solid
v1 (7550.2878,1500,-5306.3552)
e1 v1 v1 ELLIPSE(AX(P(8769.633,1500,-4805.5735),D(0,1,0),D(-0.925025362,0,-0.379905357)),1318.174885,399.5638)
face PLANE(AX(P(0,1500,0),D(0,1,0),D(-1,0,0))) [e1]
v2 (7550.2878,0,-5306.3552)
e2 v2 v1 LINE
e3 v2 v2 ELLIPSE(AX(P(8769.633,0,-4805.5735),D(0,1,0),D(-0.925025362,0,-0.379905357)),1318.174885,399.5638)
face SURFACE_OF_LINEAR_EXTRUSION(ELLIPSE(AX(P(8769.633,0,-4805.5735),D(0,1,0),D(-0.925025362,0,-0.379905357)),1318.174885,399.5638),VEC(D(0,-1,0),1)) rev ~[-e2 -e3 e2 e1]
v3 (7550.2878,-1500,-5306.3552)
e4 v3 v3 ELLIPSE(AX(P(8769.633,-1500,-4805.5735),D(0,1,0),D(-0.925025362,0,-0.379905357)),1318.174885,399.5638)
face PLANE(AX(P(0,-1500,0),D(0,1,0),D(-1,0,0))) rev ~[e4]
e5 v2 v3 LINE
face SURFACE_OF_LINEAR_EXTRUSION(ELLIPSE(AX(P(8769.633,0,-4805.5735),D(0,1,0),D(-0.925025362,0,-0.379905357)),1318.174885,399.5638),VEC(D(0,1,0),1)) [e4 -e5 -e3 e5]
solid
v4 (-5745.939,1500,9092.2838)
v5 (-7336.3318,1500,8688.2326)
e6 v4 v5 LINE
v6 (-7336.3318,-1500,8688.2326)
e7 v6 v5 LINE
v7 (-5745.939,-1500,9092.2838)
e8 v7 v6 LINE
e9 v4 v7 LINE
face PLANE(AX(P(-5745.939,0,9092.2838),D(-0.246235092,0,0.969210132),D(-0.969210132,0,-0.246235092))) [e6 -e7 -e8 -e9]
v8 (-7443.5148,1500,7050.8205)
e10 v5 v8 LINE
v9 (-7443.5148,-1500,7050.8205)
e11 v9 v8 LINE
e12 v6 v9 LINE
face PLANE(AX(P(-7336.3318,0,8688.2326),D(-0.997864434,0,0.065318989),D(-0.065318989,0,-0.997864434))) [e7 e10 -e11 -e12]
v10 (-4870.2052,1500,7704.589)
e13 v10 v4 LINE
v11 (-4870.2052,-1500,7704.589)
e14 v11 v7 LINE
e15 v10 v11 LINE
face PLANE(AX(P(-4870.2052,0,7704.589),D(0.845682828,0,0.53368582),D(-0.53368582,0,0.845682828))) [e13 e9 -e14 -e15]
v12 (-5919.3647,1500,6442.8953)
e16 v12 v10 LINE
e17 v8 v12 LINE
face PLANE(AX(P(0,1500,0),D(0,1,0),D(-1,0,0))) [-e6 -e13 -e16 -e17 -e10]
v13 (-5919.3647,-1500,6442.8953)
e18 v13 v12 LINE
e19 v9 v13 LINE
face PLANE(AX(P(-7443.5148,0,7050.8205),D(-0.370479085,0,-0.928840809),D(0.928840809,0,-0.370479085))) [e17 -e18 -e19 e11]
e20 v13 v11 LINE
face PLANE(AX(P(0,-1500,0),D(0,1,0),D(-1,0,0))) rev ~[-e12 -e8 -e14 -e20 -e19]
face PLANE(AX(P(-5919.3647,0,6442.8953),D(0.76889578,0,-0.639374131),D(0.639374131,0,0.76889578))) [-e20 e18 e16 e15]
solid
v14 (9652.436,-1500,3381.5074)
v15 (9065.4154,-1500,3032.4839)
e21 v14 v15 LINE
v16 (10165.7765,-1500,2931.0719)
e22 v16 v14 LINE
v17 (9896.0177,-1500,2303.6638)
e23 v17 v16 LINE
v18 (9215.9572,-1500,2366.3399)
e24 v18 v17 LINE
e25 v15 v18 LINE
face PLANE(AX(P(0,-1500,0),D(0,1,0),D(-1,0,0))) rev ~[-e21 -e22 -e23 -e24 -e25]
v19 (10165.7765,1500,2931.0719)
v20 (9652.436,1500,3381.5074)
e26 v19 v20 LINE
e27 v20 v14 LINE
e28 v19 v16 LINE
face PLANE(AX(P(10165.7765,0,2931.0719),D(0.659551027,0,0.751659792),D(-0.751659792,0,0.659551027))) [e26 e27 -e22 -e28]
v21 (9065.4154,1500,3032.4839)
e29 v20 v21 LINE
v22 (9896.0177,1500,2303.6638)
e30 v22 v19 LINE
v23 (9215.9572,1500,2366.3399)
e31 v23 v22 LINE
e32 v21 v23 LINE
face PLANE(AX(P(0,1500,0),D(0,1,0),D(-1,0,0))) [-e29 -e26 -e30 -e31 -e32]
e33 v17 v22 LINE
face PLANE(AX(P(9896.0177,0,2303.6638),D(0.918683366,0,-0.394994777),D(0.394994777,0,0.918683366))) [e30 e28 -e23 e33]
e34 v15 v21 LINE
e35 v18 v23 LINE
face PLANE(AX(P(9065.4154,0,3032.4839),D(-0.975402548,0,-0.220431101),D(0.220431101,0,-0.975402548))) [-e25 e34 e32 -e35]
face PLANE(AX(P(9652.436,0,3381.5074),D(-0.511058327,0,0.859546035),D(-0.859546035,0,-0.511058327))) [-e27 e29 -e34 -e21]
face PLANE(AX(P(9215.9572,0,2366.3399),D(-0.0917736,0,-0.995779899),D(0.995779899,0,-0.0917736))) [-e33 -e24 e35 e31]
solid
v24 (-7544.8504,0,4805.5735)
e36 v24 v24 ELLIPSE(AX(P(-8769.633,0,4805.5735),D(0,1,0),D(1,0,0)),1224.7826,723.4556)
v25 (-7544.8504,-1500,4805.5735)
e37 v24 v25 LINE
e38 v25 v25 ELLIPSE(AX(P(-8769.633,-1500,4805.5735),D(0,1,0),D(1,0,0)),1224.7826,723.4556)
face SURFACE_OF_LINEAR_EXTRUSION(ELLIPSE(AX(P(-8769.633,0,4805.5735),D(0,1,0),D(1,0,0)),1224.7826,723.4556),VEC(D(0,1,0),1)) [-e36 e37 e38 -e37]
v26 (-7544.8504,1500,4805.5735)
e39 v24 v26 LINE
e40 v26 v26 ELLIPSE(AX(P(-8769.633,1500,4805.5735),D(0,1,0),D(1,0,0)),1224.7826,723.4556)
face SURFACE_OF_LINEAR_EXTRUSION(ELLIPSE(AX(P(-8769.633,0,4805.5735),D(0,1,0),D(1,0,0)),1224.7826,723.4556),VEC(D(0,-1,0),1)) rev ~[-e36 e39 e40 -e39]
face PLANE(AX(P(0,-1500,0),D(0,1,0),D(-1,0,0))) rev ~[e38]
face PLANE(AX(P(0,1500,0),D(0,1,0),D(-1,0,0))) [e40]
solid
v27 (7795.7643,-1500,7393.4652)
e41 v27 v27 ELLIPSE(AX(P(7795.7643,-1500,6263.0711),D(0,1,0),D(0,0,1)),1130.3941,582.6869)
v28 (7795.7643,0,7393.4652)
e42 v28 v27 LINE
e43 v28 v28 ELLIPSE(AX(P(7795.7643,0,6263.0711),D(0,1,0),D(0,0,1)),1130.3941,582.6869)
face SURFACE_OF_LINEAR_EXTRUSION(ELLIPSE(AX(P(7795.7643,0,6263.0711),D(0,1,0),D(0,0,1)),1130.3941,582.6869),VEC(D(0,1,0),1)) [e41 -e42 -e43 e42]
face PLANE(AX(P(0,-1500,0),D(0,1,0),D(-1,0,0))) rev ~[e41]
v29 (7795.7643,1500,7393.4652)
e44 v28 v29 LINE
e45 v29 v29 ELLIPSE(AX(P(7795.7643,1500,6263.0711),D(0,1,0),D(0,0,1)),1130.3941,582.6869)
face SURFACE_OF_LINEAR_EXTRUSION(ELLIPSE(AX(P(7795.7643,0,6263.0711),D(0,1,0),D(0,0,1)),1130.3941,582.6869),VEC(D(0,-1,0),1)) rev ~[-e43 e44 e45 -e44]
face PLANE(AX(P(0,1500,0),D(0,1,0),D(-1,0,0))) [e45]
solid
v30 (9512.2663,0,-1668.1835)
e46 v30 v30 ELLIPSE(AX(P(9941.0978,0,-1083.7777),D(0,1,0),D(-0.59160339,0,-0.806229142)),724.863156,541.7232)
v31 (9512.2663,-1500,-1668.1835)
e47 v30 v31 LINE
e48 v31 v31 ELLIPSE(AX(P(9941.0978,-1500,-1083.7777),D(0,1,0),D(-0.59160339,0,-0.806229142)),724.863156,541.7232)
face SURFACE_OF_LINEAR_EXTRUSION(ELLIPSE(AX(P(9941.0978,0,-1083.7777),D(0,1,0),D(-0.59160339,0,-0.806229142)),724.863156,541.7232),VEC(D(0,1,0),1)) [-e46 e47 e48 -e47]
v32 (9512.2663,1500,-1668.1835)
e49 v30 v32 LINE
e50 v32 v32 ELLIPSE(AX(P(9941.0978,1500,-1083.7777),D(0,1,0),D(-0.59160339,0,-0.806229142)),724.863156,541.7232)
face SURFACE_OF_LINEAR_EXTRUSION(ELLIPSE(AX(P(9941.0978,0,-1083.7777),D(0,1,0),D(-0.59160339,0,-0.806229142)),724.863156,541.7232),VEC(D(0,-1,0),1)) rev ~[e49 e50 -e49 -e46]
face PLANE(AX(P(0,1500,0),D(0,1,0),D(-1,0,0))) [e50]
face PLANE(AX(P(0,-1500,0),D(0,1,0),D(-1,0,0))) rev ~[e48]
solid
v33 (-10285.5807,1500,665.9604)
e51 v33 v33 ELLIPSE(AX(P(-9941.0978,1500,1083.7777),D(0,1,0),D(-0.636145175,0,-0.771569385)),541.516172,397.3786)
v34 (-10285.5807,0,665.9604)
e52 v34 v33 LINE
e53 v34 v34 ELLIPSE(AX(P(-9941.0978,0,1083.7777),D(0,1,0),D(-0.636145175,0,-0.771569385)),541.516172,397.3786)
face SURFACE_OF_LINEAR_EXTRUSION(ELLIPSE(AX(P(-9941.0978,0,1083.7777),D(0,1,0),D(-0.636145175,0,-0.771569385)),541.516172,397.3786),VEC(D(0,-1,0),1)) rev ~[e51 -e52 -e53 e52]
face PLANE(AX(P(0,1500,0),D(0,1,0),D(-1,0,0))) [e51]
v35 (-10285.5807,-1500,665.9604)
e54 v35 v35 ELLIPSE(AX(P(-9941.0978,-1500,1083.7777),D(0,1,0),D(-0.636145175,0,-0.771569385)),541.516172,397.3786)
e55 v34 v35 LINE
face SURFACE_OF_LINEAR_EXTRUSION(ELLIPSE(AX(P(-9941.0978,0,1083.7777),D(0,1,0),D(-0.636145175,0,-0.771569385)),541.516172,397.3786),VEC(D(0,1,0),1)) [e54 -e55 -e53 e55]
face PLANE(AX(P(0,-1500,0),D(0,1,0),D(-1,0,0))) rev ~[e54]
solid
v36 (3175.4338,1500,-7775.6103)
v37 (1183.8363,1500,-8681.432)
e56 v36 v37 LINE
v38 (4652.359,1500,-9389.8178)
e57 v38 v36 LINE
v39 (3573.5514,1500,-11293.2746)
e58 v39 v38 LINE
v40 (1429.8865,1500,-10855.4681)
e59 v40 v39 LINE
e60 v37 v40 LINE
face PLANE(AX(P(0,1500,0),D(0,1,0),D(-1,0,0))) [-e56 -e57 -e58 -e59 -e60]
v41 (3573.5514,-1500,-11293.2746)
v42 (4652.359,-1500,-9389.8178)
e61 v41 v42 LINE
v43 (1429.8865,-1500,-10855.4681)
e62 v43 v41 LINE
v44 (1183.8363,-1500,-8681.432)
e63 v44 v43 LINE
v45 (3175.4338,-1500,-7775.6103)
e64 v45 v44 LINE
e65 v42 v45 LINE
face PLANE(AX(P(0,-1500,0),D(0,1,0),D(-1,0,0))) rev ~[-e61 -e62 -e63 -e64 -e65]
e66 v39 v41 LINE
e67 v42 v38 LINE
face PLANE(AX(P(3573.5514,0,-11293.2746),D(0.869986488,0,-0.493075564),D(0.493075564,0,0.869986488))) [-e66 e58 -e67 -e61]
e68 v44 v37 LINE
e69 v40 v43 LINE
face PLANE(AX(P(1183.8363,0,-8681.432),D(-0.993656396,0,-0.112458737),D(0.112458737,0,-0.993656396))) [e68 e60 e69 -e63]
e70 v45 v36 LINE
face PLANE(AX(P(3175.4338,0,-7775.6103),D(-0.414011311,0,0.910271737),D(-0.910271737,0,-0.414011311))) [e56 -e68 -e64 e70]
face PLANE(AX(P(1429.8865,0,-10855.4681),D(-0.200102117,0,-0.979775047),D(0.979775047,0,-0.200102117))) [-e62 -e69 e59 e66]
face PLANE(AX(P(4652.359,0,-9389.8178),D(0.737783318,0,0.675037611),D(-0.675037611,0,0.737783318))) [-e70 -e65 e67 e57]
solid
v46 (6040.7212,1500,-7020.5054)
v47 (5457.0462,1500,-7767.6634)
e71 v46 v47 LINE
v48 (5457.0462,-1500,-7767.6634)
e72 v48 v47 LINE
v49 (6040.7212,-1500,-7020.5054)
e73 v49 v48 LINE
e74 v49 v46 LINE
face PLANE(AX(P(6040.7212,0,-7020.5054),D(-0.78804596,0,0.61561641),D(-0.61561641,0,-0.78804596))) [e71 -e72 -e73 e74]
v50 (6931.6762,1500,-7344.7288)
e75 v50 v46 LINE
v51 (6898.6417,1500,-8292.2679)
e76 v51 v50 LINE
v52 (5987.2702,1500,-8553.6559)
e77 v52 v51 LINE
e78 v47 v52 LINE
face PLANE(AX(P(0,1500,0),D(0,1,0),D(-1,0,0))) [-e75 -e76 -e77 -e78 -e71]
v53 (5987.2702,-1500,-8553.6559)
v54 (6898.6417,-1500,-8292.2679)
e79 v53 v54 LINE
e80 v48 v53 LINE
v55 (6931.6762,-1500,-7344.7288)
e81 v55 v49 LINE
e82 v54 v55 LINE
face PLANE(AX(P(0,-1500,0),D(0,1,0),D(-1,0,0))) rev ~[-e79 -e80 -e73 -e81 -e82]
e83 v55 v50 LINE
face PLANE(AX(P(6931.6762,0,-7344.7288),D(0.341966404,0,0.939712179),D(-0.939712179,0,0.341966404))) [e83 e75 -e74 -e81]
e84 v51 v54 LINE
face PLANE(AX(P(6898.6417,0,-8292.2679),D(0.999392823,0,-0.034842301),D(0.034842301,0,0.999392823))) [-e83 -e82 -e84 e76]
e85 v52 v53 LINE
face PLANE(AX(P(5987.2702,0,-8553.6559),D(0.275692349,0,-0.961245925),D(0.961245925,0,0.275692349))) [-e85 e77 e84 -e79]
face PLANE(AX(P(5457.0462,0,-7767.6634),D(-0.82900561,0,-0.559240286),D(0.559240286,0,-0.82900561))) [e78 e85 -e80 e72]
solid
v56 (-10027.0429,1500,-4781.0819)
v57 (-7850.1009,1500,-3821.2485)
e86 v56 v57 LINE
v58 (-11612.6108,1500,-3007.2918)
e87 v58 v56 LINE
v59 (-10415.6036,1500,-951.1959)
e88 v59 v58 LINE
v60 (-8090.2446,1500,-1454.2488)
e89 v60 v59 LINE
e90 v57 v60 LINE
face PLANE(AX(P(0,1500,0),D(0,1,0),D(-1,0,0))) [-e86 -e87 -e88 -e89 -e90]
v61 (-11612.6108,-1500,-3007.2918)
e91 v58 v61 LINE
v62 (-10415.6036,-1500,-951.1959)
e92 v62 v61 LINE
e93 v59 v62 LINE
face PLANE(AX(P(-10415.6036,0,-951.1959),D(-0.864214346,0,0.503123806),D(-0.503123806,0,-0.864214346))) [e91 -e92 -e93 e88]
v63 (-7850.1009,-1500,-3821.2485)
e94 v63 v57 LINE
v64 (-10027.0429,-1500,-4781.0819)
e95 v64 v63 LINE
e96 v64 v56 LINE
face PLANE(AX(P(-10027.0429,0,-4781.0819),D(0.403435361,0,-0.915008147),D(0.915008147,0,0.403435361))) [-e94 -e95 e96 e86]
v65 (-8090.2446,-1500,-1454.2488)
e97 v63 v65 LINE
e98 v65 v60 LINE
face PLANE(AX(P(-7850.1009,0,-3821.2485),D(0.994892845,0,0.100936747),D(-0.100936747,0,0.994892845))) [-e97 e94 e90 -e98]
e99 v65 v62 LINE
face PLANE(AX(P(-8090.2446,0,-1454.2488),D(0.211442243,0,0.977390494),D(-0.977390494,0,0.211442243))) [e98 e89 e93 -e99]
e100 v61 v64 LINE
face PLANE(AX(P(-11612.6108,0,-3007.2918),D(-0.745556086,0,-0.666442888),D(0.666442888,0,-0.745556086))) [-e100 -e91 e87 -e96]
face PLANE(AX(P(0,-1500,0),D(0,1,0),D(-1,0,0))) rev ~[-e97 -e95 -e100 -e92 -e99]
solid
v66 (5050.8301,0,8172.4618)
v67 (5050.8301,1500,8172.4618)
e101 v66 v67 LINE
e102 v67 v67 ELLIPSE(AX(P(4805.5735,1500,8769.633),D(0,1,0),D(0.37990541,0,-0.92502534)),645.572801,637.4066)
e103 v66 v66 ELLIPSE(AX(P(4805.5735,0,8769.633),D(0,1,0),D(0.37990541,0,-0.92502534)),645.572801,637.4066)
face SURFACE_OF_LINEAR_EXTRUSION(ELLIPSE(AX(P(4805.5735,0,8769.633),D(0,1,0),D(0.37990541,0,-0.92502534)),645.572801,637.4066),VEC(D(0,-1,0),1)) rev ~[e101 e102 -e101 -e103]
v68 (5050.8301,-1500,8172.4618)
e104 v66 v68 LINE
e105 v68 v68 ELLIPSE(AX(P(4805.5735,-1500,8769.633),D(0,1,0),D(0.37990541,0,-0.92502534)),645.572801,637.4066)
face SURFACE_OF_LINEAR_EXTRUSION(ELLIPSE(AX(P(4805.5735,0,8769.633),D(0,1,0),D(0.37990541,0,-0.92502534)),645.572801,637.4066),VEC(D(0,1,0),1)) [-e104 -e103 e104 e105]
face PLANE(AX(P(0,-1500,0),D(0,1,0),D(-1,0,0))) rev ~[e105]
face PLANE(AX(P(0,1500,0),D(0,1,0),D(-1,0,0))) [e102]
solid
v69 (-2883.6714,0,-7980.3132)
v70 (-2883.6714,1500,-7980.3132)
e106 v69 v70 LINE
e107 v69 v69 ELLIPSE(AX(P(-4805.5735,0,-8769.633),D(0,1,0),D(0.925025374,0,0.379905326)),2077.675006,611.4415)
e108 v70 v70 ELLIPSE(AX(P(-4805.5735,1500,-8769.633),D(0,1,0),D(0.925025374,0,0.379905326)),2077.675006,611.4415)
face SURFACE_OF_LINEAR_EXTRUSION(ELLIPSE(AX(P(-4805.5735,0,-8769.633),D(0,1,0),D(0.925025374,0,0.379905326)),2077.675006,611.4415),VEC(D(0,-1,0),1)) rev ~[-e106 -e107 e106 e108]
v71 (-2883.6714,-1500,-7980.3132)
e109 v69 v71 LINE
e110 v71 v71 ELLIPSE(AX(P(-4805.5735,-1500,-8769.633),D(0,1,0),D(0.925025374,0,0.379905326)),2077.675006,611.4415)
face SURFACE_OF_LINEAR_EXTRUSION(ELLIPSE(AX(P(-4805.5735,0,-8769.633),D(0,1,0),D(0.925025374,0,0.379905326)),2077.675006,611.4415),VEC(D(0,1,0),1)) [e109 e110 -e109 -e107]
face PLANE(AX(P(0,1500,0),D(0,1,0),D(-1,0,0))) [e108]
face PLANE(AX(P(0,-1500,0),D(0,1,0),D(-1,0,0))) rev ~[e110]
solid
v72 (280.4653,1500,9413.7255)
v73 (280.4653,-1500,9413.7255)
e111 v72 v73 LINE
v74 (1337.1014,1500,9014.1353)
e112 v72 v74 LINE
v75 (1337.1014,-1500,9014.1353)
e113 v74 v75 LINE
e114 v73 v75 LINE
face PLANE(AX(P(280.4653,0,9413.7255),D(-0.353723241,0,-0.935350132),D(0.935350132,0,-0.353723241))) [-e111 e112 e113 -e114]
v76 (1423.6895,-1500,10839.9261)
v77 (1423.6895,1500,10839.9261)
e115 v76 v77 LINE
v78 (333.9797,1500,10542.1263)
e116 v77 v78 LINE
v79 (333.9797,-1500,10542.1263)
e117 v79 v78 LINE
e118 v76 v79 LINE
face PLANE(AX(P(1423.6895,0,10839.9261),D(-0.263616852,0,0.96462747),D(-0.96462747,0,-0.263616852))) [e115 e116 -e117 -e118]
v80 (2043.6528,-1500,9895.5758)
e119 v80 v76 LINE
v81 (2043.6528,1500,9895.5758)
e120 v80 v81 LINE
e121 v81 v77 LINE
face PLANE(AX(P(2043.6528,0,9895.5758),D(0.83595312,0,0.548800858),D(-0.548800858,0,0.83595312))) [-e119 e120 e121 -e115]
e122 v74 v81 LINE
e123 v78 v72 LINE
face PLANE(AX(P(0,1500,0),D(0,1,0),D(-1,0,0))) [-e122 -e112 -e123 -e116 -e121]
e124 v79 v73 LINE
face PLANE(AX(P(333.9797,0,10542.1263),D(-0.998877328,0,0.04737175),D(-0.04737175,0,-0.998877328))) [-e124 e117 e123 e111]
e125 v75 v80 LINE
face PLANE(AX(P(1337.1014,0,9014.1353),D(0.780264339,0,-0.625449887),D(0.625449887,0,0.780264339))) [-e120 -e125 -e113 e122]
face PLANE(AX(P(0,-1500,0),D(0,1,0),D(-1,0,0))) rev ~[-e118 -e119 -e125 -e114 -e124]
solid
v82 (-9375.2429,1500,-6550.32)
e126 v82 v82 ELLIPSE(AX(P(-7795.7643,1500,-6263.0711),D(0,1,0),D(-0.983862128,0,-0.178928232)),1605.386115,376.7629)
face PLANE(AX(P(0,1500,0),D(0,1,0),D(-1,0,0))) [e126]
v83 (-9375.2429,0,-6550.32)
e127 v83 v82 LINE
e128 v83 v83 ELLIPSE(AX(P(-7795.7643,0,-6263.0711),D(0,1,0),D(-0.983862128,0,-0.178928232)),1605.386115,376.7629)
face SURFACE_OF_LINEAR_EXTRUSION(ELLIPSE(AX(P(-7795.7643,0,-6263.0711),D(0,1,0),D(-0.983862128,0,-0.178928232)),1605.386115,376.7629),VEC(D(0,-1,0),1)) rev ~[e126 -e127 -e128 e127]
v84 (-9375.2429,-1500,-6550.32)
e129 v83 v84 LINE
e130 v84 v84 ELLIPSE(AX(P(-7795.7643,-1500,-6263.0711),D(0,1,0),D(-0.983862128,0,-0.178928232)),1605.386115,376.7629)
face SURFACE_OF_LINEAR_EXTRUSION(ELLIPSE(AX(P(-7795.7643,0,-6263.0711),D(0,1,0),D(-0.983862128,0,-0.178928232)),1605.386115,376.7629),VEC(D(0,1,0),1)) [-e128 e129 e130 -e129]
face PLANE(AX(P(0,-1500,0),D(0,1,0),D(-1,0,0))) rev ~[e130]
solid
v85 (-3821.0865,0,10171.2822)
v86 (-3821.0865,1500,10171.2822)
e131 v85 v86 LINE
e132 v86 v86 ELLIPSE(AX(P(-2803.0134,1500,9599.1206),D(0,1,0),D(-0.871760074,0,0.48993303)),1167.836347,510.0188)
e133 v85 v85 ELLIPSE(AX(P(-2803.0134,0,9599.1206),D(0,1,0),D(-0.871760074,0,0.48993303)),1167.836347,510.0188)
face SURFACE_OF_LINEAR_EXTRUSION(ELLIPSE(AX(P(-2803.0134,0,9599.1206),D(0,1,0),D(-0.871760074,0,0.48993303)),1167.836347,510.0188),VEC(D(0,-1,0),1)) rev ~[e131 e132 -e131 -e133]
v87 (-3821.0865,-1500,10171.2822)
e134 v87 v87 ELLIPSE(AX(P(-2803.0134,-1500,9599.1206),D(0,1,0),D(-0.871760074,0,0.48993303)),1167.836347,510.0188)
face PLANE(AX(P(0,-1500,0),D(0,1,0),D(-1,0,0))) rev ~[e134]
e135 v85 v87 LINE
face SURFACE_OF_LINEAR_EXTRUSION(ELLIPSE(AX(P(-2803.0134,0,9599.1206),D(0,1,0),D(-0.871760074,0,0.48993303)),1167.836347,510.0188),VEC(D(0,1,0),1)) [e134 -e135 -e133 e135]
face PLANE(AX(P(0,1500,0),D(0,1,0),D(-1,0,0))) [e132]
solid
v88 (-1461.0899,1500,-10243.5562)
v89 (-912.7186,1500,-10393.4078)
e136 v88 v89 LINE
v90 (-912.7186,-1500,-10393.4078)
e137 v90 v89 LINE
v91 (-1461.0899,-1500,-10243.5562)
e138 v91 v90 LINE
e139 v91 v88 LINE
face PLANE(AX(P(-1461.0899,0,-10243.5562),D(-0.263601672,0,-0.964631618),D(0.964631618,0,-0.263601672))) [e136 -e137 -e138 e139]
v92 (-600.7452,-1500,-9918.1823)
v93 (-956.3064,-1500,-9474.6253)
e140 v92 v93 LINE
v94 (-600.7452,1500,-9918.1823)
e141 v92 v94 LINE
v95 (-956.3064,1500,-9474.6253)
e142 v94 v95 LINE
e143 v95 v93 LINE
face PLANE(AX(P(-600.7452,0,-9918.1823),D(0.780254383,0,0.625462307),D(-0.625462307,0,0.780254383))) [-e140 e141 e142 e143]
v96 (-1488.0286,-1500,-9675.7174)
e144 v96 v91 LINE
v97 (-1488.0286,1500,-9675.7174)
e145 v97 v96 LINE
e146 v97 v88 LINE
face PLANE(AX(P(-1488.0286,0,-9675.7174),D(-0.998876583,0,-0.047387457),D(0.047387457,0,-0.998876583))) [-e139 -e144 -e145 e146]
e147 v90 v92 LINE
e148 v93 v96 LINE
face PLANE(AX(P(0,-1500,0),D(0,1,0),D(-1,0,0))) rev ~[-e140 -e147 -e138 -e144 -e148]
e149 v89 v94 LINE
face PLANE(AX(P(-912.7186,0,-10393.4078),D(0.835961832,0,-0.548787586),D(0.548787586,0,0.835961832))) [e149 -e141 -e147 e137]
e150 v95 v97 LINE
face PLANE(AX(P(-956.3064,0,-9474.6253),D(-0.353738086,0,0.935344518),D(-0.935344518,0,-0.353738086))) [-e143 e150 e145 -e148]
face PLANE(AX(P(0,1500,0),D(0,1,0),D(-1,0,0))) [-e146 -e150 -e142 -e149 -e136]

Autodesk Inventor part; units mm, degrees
ref_plane "YZ Plane" through (0, 0, 0) normal (1, 0, 0) x (0, 1, 0)
ref_plane "XZ Plane" through (0, 0, 0) normal (0, 1, 0) x (-1, 0, 0)
ref_plane "XY Plane" through (0, 0, 0) normal (0, 0, 1) x (1, 0, 0)
sketch "Sketch1" plane through (0, 0, 0) normal (0, 1, 0) x (-1, 0, 0)
  circle A0 centre (0, 0) radius 10000 construction
  circle A1 centre (0, 0) radius 10000 construction
  circle A2 centre (0, 0) radius 10000 construction
  circle A3 centre (0, 0) radius 10000 construction
  circle A4 centre (0, 0) radius 10000 construction
  circle A5 centre (0, 0) radius 10000 construction
  circle A6 centre (0, 0) radius 10000 construction
  circle A7 centre (0, 0) radius 10000 construction
  circle A8 centre (0, 0) radius 10000 construction
  circle A9 centre (0, 0) radius 10000 construction
  circle A10 centre (0, 0) radius 10000 construction
  circle A11 centre (0, 0) radius 10000 construction
  circle A12 centre (0, 0) radius 10000 construction
  circle A13 centre (0, 0) radius 10000 construction
  circle A14 centre (0, 0) radius 10000 construction
  circle A15 centre (0, 0) radius 10000 construction
  ellipse E0 centre (9941.0978, 1083.7777) end of major axis (10285.5807, 665.9604) minor radius 397.3786
  ellipse E1 centre (4805.5735, -8769.633) end of major axis (2883.6714, -7980.3132) minor radius 611.4415
  ellipse E2 centre (2803.0134, 9599.1206) end of major axis (3821.0865, 10171.2822) minor radius 510.0188
  ellipse E3 centre (-8769.633, -4805.5735) end of major axis (-7550.2878, -5306.3552) minor radius 399.5638
  ellipse E4 centre (-4805.5735, 8769.633) end of major axis (-5050.8301, 8172.4618) minor radius 637.4066
  ellipse E5 centre (-7795.7643, 6263.0711) end of major axis (-7213.0774, 6263.0711) minor radius 1130.3941
  ellipse E6 centre (8769.633, 4805.5735) end of major axis (7544.8504, 4805.5735) minor radius 723.4556
  ellipse E7 centre (7795.7643, -6263.0711) end of major axis (9375.2429, -6550.32) minor radius 376.7629
  line L0 (5919.3647, 6442.8953) -> (4870.2052, 7704.589)
  line L1 (4870.2052, 7704.589) -> (5745.939, 9092.2838)
  line L2 (5745.939, 9092.2838) -> (7336.3318, 8688.2326)
  line L3 (7336.3318, 8688.2326) -> (7443.5148, 7050.8205)
  line L4 (7443.5148, 7050.8205) -> (5919.3647, 6442.8953)
  line L5 (8090.2446, -1454.2488) -> (10415.6036, -951.1959)
  line L6 (10415.6036, -951.1959) -> (11612.6108, -3007.2918)
  line L7 (11612.6108, -3007.2918) -> (10027.0429, -4781.0819)
  line L8 (10027.0429, -4781.0819) -> (7850.1009, -3821.2485)
  line L9 (7850.1009, -3821.2485) -> (8090.2446, -1454.2488)
  line L10 (-1183.8363, -8681.432) -> (-1429.8865, -10855.4681)
  line L11 (-1429.8865, -10855.4681) -> (-3573.5514, -11293.2746)
  line L12 (-3573.5514, -11293.2746) -> (-4652.359, -9389.8178)
  line L13 (-4652.359, -9389.8178) -> (-3175.4338, -7775.6103)
  line L14 (-3175.4338, -7775.6103) -> (-1183.8363, -8681.432)
  line L15 (600.7452, -9918.1823) -> (956.3064, -9474.6253)
  line L16 (956.3064, -9474.6253) -> (1488.0286, -9675.7174)
  line L17 (1488.0286, -9675.7174) -> (1461.0899, -10243.5562)
  line L18 (1461.0899, -10243.5562) -> (912.7186, -10393.4078)
  line L19 (912.7186, -10393.4078) -> (600.7452, -9918.1823)
  line L20 (-5457.0462, -7767.6634) -> (-5987.2702, -8553.6559)
  line L21 (-5987.2702, -8553.6559) -> (-6898.6417, -8292.2679)
  line L22 (-6898.6417, -8292.2679) -> (-6931.6762, -7344.7288)
  line L23 (-6931.6762, -7344.7288) -> (-6040.7212, -7020.5054)
  line L24 (-6040.7212, -7020.5054) -> (-5457.0462, -7767.6634)
  line L25 (-9896.0177, 2303.6638) -> (-10165.7765, 2931.0719)
  line L26 (-10165.7765, 2931.0719) -> (-9652.436, 3381.5074)
  line L27 (-9652.436, 3381.5074) -> (-9065.4154, 3032.4839)
  line L28 (-9065.4154, 3032.4839) -> (-9215.9572, 2366.3399)
  line L29 (-9215.9572, 2366.3399) -> (-9896.0177, 2303.6638)
  line L30 (-333.9797, 10542.1263) -> (-280.4653, 9413.7255)
  line L31 (-280.4653, 9413.7255) -> (-1337.1014, 9014.1353)
  line L32 (-1337.1014, 9014.1353) -> (-2043.6528, 9895.5758)
  line L33 (-2043.6528, 9895.5758) -> (-1423.6895, 10839.9261)
  line L34 (-1423.6895, 10839.9261) -> (-333.9797, 10542.1263)
  ellipse E8 centre (-9941.0978, -1083.7777) end of major axis (-9512.2663, -1668.1835) minor radius 541.7232
  point P0 (6263.0711, 7795.7643)
  point P1 (-1083.7777, 9941.0978)
  point P2 (-9599.1206, 2803.0134)
  point P3 (-6263.0711, -7795.7643)
  point P4 (-2803.0134, -9599.1206)
  point P5 (1083.7777, -9941.0978)
  point P6 (9599.1206, -2803.0134)
  point P7 (6263.0711, 7795.7643)
  point P8 (9599.1206, -2803.0134)
  point P9 (-2803.0134, -9599.1206)
  point P10 (1083.7777, -9941.0978)
  point P11 (-6263.0711, -7795.7643)
  point P12 (-9599.1206, 2803.0134)
  point P13 (-1083.7777, 9941.0978)
  dimension "d0" = 20000
  dimension "d3" = 360
extrude "Extrusion1" add sketch "Sketch1" along normal mid plane 3000
properties part number "simple_ring1"
